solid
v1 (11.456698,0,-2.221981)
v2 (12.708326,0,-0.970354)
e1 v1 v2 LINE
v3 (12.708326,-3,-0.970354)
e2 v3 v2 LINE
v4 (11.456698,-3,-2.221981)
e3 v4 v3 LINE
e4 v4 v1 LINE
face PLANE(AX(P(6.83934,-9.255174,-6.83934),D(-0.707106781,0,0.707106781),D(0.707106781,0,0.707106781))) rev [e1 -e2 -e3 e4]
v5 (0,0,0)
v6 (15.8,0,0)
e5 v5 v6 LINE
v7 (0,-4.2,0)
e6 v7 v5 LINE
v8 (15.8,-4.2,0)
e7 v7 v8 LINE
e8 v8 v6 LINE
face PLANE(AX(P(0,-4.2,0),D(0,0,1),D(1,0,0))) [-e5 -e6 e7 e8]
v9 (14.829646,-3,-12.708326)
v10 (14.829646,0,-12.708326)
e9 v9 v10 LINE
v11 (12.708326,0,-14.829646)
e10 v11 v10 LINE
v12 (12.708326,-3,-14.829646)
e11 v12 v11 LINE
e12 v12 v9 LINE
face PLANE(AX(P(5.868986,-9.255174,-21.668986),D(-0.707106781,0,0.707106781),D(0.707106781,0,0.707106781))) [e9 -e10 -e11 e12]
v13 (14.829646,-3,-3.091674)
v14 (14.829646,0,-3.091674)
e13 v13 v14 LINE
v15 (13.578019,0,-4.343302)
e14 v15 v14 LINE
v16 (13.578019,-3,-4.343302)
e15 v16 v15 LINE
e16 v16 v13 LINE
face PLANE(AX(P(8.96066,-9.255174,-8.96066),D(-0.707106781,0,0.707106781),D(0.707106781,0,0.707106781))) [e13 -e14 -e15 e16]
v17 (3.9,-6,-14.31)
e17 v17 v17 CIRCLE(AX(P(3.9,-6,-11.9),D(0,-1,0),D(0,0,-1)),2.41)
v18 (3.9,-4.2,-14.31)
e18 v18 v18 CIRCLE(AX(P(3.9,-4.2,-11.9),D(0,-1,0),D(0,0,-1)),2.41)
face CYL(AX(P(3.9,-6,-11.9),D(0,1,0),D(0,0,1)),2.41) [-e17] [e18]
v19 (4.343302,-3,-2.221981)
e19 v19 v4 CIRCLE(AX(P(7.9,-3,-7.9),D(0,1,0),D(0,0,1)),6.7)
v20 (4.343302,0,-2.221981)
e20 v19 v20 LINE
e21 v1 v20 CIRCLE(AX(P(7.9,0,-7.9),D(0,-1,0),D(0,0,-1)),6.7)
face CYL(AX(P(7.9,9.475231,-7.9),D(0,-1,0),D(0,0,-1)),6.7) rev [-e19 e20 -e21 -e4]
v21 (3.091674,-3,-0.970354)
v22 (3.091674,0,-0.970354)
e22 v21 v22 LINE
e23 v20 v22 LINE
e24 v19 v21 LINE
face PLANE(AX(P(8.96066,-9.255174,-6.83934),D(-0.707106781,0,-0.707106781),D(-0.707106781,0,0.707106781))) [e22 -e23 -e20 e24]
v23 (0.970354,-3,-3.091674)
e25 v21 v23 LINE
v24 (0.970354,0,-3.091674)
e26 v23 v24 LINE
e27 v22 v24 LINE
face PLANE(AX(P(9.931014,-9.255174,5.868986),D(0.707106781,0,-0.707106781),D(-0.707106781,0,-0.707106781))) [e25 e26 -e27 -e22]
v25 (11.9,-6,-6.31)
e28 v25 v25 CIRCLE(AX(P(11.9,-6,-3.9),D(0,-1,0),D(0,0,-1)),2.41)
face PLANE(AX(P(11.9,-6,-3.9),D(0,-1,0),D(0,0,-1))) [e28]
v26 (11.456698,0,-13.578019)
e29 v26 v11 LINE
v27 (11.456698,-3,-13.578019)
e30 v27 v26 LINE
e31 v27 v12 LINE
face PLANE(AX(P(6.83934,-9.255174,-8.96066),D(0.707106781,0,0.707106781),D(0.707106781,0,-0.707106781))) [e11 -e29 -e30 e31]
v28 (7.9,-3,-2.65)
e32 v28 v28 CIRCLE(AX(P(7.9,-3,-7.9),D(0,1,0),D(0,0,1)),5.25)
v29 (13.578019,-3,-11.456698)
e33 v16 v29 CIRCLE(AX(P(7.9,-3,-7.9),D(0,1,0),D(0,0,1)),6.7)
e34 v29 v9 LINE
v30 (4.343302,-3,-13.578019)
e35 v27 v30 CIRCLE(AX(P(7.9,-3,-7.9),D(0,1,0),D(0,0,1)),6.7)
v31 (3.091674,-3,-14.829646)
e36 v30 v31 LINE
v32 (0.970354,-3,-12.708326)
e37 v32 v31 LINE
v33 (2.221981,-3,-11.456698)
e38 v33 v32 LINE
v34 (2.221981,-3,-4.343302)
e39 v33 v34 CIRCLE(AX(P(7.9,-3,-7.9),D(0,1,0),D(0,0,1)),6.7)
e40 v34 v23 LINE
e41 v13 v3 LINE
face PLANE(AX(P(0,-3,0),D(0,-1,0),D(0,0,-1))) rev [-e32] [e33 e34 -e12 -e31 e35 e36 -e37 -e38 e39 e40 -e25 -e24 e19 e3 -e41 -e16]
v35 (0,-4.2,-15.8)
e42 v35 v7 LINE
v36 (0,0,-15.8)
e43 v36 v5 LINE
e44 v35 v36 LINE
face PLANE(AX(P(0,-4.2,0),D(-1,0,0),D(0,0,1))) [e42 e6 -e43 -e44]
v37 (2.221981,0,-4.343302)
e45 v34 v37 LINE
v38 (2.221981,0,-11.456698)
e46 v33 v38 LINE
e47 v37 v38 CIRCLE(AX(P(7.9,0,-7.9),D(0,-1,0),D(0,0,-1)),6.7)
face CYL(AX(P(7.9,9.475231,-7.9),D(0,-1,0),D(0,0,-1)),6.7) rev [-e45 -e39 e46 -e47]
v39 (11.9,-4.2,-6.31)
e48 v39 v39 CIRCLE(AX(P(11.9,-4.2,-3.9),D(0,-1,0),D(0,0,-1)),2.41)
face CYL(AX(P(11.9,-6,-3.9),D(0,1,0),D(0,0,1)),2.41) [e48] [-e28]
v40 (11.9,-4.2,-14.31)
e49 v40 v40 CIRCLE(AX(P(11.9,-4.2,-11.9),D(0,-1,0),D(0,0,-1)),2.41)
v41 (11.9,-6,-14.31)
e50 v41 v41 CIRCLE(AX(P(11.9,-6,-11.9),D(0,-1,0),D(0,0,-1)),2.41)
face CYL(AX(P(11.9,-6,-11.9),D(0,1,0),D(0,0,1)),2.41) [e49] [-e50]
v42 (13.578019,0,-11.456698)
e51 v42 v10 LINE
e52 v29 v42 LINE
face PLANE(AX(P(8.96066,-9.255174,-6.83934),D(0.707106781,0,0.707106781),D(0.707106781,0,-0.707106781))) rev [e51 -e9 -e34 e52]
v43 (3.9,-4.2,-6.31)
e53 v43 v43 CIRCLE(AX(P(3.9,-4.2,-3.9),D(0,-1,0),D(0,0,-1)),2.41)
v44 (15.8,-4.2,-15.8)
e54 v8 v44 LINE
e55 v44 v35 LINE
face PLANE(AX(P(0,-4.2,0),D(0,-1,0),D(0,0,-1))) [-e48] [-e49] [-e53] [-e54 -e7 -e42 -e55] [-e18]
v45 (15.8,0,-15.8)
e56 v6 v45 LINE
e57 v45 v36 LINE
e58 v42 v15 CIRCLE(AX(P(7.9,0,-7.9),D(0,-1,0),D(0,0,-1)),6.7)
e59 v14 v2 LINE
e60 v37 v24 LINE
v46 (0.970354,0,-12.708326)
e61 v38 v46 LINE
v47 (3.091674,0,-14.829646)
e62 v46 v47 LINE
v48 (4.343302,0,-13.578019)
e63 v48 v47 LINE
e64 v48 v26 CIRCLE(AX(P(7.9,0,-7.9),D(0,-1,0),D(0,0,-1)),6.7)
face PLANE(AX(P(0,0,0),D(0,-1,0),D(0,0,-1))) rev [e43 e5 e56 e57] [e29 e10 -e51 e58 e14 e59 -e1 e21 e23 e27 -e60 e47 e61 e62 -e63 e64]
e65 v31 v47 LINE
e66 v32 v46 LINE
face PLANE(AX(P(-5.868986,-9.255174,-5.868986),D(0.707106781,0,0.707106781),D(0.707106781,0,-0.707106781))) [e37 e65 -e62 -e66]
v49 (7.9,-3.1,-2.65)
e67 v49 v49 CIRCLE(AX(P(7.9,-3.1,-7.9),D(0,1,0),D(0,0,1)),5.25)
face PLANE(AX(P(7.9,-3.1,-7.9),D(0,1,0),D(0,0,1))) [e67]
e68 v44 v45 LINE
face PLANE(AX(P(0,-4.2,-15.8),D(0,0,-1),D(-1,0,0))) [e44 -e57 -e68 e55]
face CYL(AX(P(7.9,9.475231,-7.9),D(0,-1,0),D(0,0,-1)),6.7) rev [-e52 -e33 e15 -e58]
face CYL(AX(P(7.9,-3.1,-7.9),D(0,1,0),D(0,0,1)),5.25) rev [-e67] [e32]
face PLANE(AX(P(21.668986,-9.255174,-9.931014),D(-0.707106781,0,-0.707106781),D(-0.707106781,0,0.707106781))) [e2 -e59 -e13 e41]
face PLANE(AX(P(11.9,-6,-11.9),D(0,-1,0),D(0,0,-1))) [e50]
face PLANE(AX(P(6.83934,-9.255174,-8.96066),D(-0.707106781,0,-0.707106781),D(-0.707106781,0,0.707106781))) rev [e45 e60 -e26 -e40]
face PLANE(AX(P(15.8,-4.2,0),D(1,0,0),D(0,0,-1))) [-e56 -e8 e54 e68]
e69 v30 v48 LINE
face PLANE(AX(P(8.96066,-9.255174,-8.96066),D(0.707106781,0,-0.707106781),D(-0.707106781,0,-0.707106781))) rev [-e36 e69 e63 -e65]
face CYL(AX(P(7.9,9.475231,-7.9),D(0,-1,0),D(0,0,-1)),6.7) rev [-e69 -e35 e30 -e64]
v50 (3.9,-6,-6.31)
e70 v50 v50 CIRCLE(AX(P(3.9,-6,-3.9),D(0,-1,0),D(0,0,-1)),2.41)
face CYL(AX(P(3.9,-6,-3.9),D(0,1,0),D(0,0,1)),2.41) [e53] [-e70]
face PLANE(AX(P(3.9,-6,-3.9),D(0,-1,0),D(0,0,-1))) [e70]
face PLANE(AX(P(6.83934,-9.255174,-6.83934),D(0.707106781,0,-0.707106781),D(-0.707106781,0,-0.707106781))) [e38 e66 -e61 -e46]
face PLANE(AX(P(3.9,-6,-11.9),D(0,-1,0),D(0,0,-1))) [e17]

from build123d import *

# Parameters (mm, degrees)
SKETCH2_W            = 15.8
SKETCH2_H            = 15.8
BOSS_EXTRUDE2_DEPTH  = 4.2
SKETCH4_W            = 13.4
SKETCH4_H            = 13.4
CUT_EXTRUDE1_DEPTH   = 3
SKETCH6_R            = 2.41
BOSS_EXTRUDE4_DEPTH  = 1.8
LPATTERN1_COUNT      = 2
LPATTERN1_PITCH      = 8
LPATTERN1_COUNT_DIR2 = 2
LPATTERN1_PITCH_DIR2 = 8
SKETCH8_R            = 5.25
CUT_EXTRUDE2_DEPTH   = 0.1
BOSS_EXTRUDE9_DEPTH  = 3
CUT_EXTRUDE3_DEPTH   = 3
CIRPATTERN3_COUNT    = 4


with BuildPart() as part:
    # Sketch2 → Boss-Extrude2 (new body)
    with BuildSketch(Plane(origin=(0, 0, 0), x_dir=(1, 0, 0), z_dir=(0, 1, 0))):
        with Locations((7.9, 7.9)):
            Rectangle(SKETCH2_W, SKETCH2_H)
    extrude(amount=-BOSS_EXTRUDE2_DEPTH)

    # Sketch4 → Cut-Extrude1 (cut)
    with BuildSketch(Plane(origin=(0, 0, 0), x_dir=(1, 0, 0), z_dir=(0, 1, 0))):
        with Locations((7.9, 7.9)):
            Rectangle(SKETCH4_W, SKETCH4_H)
    extrude(amount=-CUT_EXTRUDE1_DEPTH, mode=Mode.SUBTRACT)

    # Sketch6 → Boss-Extrude4 (add)
    with BuildSketch(Plane(origin=(0, -4.2, 0), x_dir=(-1, 0, 0), z_dir=(0, -1, 0))):
        with Locations((-11.9, 11.9)):
            Circle(SKETCH6_R)
    boss_extrude4 = extrude(amount=BOSS_EXTRUDE4_DEPTH)

    # LPattern1: Boss-Extrude4 2 × 2
    with Locations(*[(-j * LPATTERN1_PITCH_DIR2, 0, i * LPATTERN1_PITCH) for i in range(LPATTERN1_COUNT) for j in range(LPATTERN1_COUNT_DIR2) if (i, j) != (0, 0)]):
        add(boss_extrude4)

    # Sketch8 → Cut-Extrude2 (cut)
    with BuildSketch(Plane(origin=(0, -3, 0), x_dir=(1, 0, 0), z_dir=(0, 1, 0))):
        with Locations((7.9, 7.9)):
            Circle(SKETCH8_R)
    extrude(amount=-CUT_EXTRUDE2_DEPTH, mode=Mode.SUBTRACT)

    # Sketch11 → Boss-Extrude9 (add)
    with BuildSketch(Plane(origin=(0, -3, 0), x_dir=(1, 0, 0), z_dir=(0, 1, 0))):
        with BuildLine():
            Line((7.899999971, 14.6), (1.2, 14.6))
            Line((1.2, 14.6), (1.2, 7.9))
            ThreePointArc((1.2, 7.9), (3.162384556, 12.637615424), (7.899999971, 14.6))
        make_face()
        with BuildLine():
            Line((14.6, 14.6), (7.899999971, 14.6))
            ThreePointArc((7.899999971, 14.6), (12.637615424, 12.637615444), (14.6, 7.9))
            Line((14.6, 7.9), (14.6, 14.6))
        make_face()
        with BuildLine():
            ThreePointArc((7.900000011, 1.2), (3.16238457, 3.162384562), (1.2, 7.9))
            Line((1.2, 7.9), (1.2, 1.2))
            Line((1.2, 1.2), (7.900000011, 1.2))
        make_face()
        with BuildLine():
            Line((14.6, 1.2), (14.6, 7.9))
            ThreePointArc((14.6, 7.9), (12.637615438, 3.16238457), (7.900000011, 1.2))
            Line((7.900000011, 1.2), (14.6, 1.2))
        make_face()
    extrude(amount=BOSS_EXTRUDE9_DEPTH)

    # Sketch12 → Cut-Extrude3 (cut)
    with BuildSketch(Plane(origin=(0, 0, 0), x_dir=(1, 0, 0), z_dir=(0, 1, 0))):
        Polygon((3.162384566, 12.637615434), (2.031013716, 13.768986284), (0.970353544, 12.708326112), (2.101724394, 11.576955262), align=None)
        with BuildLine():
            ThreePointArc((2.221981276, 11.45669838), (2.658816927, 12.073727351), (3.162384566, 12.637615434))
            Line((3.162384566, 12.637615434), (2.101724394, 11.576955262))
            Line((2.101724394, 11.576955262), (2.221981276, 11.45669838))
        make_face()
        with BuildLine():
            Line((4.223044738, 13.698275606), (3.162384566, 12.637615434))
            ThreePointArc((3.162384566, 12.637615434), (3.726272649, 13.141183073), (4.34330162, 13.578018724))
            Line((4.34330162, 13.578018724), (4.223044738, 13.698275606))
        make_face()
        Polygon((3.091673888, 14.829646456), (2.031013716, 13.768986284), (3.162384566, 12.637615434), (4.223044738, 13.698275606), align=None)
        with BuildLine():
            ThreePointArc((4.34330162, 13.578018724), (3.726272649, 13.141183073), (3.162384566, 12.637615434))
            ThreePointArc((3.162384566, 12.637615434), (2.658816927, 12.073727351), (2.221981276, 11.45669838))
            Line((2.221981276, 11.45669838), (2.423581348, 11.255098309))
            Line((2.423581348, 11.255098309), (4.544901691, 13.376418652))
            Line((4.544901691, 13.376418652), (4.34330162, 13.578018724))
        make_face()
        with BuildLine():
            ThreePointArc((14.6, 7.9), (11.145005458, 13.761735202), (4.34330162, 13.578018724))
            Line((4.34330162, 13.578018724), (4.544901691, 13.376418652))
            Line((4.544901691, 13.376418652), (2.423581348, 11.255098309))
            Line((2.423581348, 11.255098309), (2.221981276, 11.45669838))
            ThreePointArc((2.221981276, 11.45669838), (6.049692654, 1.460561925), (14.6, 7.9))
        make_face()
    cut_extrude3 = extrude(amount=-CUT_EXTRUDE3_DEPTH, mode=Mode.SUBTRACT)

    # CirPattern3: Cut-Extrude3 ×4 about axis
    cirpattern3_axis = Axis((7.9, 0, -7.9), (0, 1, 0))
    for i in range(1, CIRPATTERN3_COUNT):
        add(cut_extrude3.rotate(cirpattern3_axis, i * 360 / CIRPATTERN3_COUNT), mode=Mode.SUBTRACT)


solid = part.part
